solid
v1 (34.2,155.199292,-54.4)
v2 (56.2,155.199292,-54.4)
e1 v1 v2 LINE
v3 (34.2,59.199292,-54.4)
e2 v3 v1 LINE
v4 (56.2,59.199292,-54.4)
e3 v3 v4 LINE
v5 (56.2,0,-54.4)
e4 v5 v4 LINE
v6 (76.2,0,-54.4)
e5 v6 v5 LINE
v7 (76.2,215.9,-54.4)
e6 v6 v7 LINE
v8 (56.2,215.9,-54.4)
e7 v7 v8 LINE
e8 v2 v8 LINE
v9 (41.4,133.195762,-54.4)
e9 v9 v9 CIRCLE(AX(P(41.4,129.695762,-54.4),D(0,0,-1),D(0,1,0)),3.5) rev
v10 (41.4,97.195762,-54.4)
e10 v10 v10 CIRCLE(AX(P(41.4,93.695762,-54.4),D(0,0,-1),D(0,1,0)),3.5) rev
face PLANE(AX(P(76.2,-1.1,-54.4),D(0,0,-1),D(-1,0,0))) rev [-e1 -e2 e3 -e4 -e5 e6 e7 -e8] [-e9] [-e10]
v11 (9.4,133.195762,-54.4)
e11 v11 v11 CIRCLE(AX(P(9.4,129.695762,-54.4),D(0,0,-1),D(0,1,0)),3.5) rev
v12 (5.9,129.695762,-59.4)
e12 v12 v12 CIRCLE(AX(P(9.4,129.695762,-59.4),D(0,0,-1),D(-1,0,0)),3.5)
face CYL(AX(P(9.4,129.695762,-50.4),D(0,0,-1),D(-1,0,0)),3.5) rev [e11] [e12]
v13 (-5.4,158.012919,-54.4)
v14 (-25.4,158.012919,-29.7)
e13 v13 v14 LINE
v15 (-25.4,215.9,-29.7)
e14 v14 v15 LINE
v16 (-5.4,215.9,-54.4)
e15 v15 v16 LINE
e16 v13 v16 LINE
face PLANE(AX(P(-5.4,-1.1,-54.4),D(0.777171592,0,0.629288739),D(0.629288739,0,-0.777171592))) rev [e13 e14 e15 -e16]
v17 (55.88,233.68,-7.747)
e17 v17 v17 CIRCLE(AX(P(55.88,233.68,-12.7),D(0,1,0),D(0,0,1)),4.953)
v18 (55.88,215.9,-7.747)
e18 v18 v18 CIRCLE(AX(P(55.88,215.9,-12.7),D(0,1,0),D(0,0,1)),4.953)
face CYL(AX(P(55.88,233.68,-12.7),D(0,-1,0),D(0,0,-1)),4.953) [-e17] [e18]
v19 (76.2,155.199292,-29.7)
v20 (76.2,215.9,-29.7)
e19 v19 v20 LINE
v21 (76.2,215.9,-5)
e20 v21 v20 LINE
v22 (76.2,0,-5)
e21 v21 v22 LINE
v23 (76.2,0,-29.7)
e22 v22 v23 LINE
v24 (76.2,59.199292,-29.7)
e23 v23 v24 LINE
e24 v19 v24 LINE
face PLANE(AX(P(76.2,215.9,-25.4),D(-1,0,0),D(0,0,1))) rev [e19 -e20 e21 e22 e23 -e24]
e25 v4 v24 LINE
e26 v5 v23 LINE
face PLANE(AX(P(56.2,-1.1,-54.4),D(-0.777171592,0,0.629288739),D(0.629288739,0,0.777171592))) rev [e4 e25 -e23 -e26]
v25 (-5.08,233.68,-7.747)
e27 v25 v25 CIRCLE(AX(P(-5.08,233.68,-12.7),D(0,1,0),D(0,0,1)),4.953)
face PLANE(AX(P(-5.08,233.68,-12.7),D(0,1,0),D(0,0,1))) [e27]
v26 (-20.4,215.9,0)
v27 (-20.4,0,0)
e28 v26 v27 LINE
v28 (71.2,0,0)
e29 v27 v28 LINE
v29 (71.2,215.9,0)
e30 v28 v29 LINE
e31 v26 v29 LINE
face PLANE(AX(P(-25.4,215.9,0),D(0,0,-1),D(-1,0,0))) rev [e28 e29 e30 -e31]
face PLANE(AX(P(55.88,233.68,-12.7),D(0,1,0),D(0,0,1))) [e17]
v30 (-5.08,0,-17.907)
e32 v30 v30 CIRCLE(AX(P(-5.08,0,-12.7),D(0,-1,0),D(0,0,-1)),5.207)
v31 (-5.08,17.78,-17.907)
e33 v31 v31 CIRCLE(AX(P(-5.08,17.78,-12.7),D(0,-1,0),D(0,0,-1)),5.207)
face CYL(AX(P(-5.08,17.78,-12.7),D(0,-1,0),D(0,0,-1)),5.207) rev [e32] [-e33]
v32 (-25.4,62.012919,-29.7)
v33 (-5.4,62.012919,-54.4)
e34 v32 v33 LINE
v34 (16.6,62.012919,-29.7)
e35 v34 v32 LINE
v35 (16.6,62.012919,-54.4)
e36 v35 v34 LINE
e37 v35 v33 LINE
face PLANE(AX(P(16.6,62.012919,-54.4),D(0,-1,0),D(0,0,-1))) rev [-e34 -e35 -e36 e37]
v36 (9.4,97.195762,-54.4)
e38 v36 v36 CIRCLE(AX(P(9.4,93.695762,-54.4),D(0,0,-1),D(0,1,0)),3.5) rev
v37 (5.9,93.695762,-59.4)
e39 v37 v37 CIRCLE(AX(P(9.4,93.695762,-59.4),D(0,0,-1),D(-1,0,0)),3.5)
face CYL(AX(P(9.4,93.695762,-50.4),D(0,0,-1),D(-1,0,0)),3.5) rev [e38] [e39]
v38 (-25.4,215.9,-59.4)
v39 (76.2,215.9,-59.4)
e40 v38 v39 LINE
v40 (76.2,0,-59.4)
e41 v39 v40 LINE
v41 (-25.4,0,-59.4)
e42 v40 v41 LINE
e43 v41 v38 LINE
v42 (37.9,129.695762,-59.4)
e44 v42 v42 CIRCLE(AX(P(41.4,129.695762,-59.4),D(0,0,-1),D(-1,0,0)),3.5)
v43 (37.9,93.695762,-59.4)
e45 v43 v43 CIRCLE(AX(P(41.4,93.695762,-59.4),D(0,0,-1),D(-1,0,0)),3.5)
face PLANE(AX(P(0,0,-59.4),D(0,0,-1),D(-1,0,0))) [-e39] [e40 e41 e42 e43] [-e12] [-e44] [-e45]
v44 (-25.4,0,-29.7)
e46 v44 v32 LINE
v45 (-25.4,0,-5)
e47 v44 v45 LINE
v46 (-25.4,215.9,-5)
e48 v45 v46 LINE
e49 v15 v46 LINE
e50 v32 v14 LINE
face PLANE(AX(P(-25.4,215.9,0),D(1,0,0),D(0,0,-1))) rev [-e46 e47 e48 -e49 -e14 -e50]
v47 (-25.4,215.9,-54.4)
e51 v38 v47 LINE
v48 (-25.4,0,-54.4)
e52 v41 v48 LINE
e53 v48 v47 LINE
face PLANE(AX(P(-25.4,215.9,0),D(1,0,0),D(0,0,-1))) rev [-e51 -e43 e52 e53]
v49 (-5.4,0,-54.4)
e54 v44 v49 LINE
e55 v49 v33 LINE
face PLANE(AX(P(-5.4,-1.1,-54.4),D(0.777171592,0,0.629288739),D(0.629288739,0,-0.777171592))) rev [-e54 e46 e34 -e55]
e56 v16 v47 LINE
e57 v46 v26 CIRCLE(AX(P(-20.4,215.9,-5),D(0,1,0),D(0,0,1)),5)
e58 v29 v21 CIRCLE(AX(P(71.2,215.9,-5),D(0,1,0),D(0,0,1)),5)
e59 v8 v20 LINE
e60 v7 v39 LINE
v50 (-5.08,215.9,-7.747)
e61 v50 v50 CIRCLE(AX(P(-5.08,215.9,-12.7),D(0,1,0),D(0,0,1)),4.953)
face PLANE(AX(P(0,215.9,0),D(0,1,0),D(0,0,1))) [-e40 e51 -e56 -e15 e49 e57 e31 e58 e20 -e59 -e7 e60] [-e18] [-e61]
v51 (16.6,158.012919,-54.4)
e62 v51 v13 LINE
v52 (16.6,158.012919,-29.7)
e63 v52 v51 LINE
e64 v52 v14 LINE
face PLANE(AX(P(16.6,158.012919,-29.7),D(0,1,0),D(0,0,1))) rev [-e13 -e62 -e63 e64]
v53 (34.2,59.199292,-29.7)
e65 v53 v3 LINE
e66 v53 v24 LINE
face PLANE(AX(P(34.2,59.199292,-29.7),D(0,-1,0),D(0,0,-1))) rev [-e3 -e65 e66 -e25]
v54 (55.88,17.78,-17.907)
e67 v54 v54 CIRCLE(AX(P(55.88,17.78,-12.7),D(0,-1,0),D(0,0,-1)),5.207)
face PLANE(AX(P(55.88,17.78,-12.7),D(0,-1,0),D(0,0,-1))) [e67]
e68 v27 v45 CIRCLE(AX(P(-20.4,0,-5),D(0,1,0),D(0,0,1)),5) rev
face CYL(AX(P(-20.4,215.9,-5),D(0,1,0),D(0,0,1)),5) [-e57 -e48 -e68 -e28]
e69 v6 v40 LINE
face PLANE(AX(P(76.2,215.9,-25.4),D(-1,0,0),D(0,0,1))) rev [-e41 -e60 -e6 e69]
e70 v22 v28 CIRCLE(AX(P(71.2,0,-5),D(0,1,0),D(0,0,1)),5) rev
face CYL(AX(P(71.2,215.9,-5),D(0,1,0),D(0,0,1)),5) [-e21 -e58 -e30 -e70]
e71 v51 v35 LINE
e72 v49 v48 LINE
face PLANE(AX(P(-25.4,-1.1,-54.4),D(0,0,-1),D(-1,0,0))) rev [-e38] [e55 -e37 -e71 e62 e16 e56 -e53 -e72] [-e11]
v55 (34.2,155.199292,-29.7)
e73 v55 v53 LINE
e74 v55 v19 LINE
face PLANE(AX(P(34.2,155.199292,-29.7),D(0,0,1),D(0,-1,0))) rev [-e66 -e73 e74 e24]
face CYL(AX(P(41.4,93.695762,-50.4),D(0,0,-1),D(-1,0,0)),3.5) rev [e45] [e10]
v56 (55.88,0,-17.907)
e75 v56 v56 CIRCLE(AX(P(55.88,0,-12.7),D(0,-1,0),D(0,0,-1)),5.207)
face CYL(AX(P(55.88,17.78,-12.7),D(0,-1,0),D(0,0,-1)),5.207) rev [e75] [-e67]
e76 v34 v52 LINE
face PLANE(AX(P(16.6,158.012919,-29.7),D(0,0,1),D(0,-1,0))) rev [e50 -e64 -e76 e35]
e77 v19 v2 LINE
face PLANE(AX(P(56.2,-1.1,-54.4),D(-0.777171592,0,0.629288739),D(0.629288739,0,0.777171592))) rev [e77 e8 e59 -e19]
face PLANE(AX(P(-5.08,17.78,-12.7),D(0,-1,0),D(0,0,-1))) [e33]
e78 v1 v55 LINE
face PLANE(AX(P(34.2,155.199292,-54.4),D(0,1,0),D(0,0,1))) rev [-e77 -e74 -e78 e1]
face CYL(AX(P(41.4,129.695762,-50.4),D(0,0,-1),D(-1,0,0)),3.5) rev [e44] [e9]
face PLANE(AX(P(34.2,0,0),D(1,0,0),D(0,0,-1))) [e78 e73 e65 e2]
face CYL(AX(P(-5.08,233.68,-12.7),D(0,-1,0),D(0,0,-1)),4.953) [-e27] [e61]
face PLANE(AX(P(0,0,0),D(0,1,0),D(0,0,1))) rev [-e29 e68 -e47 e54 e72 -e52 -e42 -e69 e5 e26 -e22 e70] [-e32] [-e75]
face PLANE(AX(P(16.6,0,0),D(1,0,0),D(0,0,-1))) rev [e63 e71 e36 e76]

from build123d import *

# Parameters (mm, degrees)
SKETCH1_W           = 101.6
SKETCH1_H           = 25.4
BOSS_EXTRUDE1_DEPTH = 215.9
SKETCH3_R           = 5.207
CUT_EXTRUDE1_DEPTH  = 17.78
SKETCH4_R           = 4.953
BOSS_EXTRUDE3_DEPTH = 17.78
SKETCH8_W           = 101.6
SKETCH8_H           = 215.9
BOSS_EXTRUDE4_DEPTH = 34
CUT_EXTRUDE2_DEPTH  = 217
SKETCH14_R          = 3.5
CUT_EXTRUDE3_DEPTH  = 9
FILLET1_R           = 5
FILLET2_R           = 5
SKETCH16_W          = 24.7
SKETCH16_H          = 96
CUT_EXTRUDE4_DEPTH  = 42
SKETCH17_W          = 24.7
SKETCH17_H          = 96
CUT_EXTRUDE5_DEPTH  = 42


with BuildPart() as part:
    # Sketch1 → Boss-Extrude1 (new body)
    with BuildSketch(Plane(origin=(0, 0, 0), x_dir=(1, 0, 0), z_dir=(0, 1, 0))):
        with Locations((25.4, 12.7)):
            Rectangle(SKETCH1_W, SKETCH1_H)
    extrude(amount=BOSS_EXTRUDE1_DEPTH)

    # Sketch3 → Cut-Extrude1 (cut)
    with BuildSketch(Plane(origin=(0, 0, 0), x_dir=(-1, 0, 0), z_dir=(0, -1, 0))):
        with Locations(Location((5.08, 12.7, 0), (0, 0, 90))):
            Circle(SKETCH3_R)
        with Locations(Location((-55.88, 12.7, 0), (0, 0, 90))):
            Circle(SKETCH3_R)
    extrude(amount=-CUT_EXTRUDE1_DEPTH, mode=Mode.SUBTRACT)

    # Sketch4 → Boss-Extrude3 (add)
    with BuildSketch(Plane(origin=(0, 215.9, 0), x_dir=(1, 0, 0), z_dir=(0, 1, 0))):
        with Locations(Location((-5.08, 12.7, 0), (0, 0, 270))):
            Circle(SKETCH4_R)
        with Locations(Location((55.88, 12.7, 0), (0, 0, 270))):
            Circle(SKETCH4_R)
    extrude(amount=BOSS_EXTRUDE3_DEPTH)

    # Sketch8 → Boss-Extrude4 (add)
    with BuildSketch(Plane(origin=(0, 0, -25.4), x_dir=(-1, 0, 0), z_dir=(0, 0, -1))):
        with Locations((-25.4, 107.95)):
            Rectangle(SKETCH8_W, SKETCH8_H)
    extrude(amount=BOSS_EXTRUDE4_DEPTH)

    # Sketch10 → Cut-Extrude2 (cut)
    with BuildSketch(Plane(origin=(0, 215.9, 0), x_dir=(1, 0, 0), z_dir=(0, 1, 0))):
        Polygon((-25.4, 54.4), (-5.4, 54.4), (-25.4, 29.7), align=None)
        Polygon((76.2, 54.4), (56.2, 54.4), (76.2, 29.7), align=None)
    extrude(amount=-CUT_EXTRUDE2_DEPTH, mode=Mode.SUBTRACT)

    # Sketch14 → Cut-Extrude3 (cut)
    with BuildSketch(Plane(origin=(0, 0, -59.4), x_dir=(-1, 0, 0), z_dir=(0, 0, -1))):
        with Locations((-41.400000283, 129.695762338)):
            Circle(SKETCH14_R)
        with Locations((-9.400000283, 129.695762338)):
            Circle(SKETCH14_R)
        with Locations((-41.400000283, 93.695762338)):
            Circle(SKETCH14_R)
        with Locations((-9.400000283, 93.695762338)):
            Circle(SKETCH14_R)
    extrude(amount=-CUT_EXTRUDE3_DEPTH, mode=Mode.SUBTRACT)

    # Fillet1
    fillet1_edges = [part.edges().sort_by_distance(p)[0] for p in [
        (-25.4, 107.95, 0),
    ]]
    fillet(fillet1_edges, radius=FILLET1_R)

    # Fillet2
    fillet2_edges = [part.edges().sort_by_distance(p)[0] for p in [
        (76.2, 107.95, 0),
    ]]
    fillet(fillet2_edges, radius=FILLET2_R)

    # Sketch16 → Cut-Extrude4 (cut)
    with BuildSketch(Plane.ZY.offset(25.4)):
        with Locations((-42.05, 110.012919034)):
            Rectangle(SKETCH16_W, SKETCH16_H)
    extrude(amount=-CUT_EXTRUDE4_DEPTH, mode=Mode.SUBTRACT)

    # Sketch17 → Cut-Extrude5 (cut)
    with BuildSketch(Plane(origin=(76.2, 0, 0), x_dir=(0, 0, -1), z_dir=(1, 0, 0))):
        with Locations((42.05, 107.199291506)):
            Rectangle(SKETCH17_W, SKETCH17_H)
    extrude(amount=-CUT_EXTRUDE5_DEPTH, mode=Mode.SUBTRACT)


solid = part.part
